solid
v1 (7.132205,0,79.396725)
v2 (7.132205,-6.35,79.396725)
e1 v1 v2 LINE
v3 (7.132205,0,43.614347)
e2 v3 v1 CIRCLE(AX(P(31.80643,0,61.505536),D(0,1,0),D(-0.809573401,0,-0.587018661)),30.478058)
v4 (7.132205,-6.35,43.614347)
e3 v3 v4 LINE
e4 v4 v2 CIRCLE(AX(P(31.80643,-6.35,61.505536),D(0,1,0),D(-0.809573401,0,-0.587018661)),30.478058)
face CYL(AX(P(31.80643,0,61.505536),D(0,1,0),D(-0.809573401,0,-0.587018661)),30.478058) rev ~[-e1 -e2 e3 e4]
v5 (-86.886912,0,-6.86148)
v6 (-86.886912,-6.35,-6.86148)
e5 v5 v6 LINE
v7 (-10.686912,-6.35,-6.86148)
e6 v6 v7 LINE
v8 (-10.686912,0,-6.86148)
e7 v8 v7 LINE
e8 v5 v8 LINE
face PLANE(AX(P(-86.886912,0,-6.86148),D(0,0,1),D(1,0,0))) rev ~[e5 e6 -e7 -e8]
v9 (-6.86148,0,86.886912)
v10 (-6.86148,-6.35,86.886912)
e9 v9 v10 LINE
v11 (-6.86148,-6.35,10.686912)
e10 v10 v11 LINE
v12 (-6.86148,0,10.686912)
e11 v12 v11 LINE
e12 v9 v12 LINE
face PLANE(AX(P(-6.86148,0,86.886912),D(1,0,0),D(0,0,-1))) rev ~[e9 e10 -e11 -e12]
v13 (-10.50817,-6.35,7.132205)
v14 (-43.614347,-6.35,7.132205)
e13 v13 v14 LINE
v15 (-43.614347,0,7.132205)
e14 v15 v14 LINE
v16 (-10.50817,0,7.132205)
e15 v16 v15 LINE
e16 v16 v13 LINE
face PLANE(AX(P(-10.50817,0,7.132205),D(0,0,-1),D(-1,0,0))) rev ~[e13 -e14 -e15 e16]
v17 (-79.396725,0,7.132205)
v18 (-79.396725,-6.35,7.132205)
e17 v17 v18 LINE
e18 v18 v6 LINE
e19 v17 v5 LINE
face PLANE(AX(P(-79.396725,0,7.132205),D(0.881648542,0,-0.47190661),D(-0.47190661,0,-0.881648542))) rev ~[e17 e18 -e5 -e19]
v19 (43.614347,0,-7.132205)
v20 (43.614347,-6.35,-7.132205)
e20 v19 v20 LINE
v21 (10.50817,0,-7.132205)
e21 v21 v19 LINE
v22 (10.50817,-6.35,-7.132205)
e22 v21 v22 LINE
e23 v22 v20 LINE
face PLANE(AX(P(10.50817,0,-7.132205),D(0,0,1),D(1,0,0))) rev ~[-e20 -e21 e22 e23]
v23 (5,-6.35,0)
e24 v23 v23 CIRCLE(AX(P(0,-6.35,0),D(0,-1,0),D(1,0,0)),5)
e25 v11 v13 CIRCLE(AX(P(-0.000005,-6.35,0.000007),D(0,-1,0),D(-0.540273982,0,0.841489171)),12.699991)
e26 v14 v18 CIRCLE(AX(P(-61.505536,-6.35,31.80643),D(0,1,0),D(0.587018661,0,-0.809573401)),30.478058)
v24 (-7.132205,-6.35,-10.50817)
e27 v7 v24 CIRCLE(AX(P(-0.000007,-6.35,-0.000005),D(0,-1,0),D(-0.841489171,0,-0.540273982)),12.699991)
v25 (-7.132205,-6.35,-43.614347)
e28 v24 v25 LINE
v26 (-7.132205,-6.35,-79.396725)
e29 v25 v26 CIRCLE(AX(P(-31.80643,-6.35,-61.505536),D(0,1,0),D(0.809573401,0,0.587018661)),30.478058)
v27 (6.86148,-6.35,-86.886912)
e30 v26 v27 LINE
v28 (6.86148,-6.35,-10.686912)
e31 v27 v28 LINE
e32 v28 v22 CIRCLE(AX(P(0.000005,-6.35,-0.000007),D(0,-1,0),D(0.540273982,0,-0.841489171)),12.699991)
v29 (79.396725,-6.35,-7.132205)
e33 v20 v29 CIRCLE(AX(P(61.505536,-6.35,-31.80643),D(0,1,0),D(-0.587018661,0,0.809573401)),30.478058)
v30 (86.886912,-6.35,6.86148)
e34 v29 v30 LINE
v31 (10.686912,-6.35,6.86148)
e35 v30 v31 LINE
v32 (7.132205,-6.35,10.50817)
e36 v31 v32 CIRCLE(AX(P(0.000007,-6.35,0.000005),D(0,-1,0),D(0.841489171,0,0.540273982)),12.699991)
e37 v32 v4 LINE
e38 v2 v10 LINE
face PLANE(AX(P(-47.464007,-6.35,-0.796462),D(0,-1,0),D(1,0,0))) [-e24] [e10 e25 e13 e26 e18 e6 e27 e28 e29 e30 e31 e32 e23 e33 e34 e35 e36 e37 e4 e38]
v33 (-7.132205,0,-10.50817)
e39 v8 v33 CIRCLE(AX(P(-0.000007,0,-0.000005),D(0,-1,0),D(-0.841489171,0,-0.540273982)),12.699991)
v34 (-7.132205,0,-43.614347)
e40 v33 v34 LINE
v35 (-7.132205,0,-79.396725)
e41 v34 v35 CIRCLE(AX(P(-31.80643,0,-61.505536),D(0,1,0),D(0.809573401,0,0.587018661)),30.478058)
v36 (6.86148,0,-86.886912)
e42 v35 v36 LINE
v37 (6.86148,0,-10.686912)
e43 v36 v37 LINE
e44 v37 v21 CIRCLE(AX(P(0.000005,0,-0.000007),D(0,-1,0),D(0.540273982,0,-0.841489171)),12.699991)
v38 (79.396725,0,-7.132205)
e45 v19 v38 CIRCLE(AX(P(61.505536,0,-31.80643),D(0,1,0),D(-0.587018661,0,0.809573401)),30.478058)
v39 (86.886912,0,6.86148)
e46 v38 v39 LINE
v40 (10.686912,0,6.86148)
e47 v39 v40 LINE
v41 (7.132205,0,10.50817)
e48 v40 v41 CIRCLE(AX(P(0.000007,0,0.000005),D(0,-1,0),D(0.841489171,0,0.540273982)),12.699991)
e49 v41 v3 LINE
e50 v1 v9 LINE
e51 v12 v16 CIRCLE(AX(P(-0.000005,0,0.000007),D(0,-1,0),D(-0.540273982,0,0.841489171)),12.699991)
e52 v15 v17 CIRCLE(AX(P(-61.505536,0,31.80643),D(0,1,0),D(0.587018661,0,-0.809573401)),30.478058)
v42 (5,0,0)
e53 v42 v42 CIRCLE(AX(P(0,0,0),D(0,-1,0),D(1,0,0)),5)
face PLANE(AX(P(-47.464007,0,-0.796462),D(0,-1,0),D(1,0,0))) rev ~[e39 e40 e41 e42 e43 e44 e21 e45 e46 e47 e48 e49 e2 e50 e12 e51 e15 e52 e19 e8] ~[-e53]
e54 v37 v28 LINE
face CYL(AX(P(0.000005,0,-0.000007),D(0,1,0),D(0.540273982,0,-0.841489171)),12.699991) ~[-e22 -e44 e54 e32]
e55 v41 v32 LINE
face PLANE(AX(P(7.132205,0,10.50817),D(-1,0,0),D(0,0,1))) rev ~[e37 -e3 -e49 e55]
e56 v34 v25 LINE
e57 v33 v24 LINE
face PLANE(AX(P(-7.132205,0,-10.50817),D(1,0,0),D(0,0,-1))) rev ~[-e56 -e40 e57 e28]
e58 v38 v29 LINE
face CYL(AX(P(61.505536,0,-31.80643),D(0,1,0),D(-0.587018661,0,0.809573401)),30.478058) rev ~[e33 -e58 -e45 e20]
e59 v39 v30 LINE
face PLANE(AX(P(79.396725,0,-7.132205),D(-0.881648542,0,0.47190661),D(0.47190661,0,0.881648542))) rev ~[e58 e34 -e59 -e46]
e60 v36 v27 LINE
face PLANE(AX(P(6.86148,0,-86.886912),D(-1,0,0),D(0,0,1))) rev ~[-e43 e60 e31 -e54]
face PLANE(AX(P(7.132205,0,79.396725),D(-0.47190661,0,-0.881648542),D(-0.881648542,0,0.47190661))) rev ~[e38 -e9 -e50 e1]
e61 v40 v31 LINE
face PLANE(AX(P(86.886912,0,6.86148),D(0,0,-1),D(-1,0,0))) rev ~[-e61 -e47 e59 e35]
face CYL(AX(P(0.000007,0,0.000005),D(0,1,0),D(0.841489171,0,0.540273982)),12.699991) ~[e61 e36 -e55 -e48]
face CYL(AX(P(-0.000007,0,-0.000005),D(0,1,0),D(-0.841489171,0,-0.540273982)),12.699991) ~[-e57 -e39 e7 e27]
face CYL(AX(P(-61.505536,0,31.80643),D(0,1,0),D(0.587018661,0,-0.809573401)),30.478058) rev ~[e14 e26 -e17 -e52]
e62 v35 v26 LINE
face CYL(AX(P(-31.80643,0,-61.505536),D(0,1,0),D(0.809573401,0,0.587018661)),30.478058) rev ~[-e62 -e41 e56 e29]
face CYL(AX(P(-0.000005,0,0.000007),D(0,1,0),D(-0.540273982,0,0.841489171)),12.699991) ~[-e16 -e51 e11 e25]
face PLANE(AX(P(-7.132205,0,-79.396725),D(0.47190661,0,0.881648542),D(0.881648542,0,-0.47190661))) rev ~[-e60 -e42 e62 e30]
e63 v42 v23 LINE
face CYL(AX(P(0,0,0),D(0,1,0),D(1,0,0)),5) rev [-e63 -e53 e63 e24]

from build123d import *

# Parameters (mm, degrees)
F0_R     = 5
F1_DEPTH = 6.35


with BuildPart() as f1:
    # F0 (on Front) → F1 (new body)
    with BuildSketch(Plane.XZ):
        with BuildLine():
            ThreePointArc((-10.686912, -6.86148), (-12.698964, 0.162204), (-10.50817, 7.132205))
            Line((-10.50817, 7.132205), (-43.614347, 7.132205))
            ThreePointArc((-43.614347, 7.132205), (-61.505536, 1.328372), (-79.396725, 7.132205))
            Line((-79.396725, 7.132205), (-86.886912, -6.86148))
            Line((-86.886912, -6.86148), (-10.686912, -6.86148))
        make_face()
        with BuildLine():
            Line((6.86148, -86.886912), (6.86148, -10.686912))
            ThreePointArc((6.86148, -10.686912), (-0.162204, -12.698964), (-7.132205, -10.50817))
            Line((-7.132205, -10.50817), (-7.132205, -43.614347))
            ThreePointArc((-7.132205, -43.614347), (-1.328372, -61.505536), (-7.132205, -79.396725))
            Line((-7.132205, -79.396725), (6.86148, -86.886912))
        make_face()
        with BuildLine():
            ThreePointArc((10.686912, 6.86148), (12.18634, 3.575347), (12.7, 0))
            ThreePointArc((12.7, 0), (12.139682, -3.730699), (10.50817, -7.132205))
            Line((10.50817, -7.132205), (43.614347, -7.132205))
            ThreePointArc((43.614347, -7.132205), (61.505536, -1.328372), (79.396725, -7.132205))
            Line((79.396725, -7.132205), (86.886912, 6.86148))
            Line((86.886912, 6.86148), (10.686912, 6.86148))
        make_face()
        with BuildLine():
            ThreePointArc((10.50817, -7.132205), (12.139682, -3.730699), (12.7, 0))
            ThreePointArc((12.7, 0), (12.18634, 3.575347), (10.686912, 6.86148))
            ThreePointArc((10.686912, 6.86148), (9.094219, 8.864828), (7.132205, 10.50817))
            ThreePointArc((7.132205, 10.50817), (0.162204, 12.698964), (-6.86148, 10.686912))
            ThreePointArc((-6.86148, 10.686912), (-8.864828, 9.094219), (-10.50817, 7.132205))
            ThreePointArc((-10.50817, 7.132205), (-12.698964, 0.162204), (-10.686912, -6.86148))
            ThreePointArc((-10.686912, -6.86148), (-9.094219, -8.864828), (-7.132205, -10.50817))
            ThreePointArc((-7.132205, -10.50817), (-0.162204, -12.698964), (6.86148, -10.686912))
            ThreePointArc((6.86148, -10.686912), (8.864828, -9.094219), (10.50817, -7.132205))
        make_face()
        Circle(F0_R, mode=Mode.SUBTRACT)
        with BuildLine():
            ThreePointArc((-6.86148, 10.686912), (0.162204, 12.698964), (7.132205, 10.50817))
            Line((7.132205, 10.50817), (7.132205, 43.614347))
            ThreePointArc((7.132205, 43.614347), (1.328372, 61.505536), (7.132205, 79.396725))
            Line((7.132205, 79.396725), (-6.86148, 86.886912))
            Line((-6.86148, 86.886912), (-6.86148, 10.686912))
        make_face()
    extrude(amount=F1_DEPTH)


solid = f1.part
